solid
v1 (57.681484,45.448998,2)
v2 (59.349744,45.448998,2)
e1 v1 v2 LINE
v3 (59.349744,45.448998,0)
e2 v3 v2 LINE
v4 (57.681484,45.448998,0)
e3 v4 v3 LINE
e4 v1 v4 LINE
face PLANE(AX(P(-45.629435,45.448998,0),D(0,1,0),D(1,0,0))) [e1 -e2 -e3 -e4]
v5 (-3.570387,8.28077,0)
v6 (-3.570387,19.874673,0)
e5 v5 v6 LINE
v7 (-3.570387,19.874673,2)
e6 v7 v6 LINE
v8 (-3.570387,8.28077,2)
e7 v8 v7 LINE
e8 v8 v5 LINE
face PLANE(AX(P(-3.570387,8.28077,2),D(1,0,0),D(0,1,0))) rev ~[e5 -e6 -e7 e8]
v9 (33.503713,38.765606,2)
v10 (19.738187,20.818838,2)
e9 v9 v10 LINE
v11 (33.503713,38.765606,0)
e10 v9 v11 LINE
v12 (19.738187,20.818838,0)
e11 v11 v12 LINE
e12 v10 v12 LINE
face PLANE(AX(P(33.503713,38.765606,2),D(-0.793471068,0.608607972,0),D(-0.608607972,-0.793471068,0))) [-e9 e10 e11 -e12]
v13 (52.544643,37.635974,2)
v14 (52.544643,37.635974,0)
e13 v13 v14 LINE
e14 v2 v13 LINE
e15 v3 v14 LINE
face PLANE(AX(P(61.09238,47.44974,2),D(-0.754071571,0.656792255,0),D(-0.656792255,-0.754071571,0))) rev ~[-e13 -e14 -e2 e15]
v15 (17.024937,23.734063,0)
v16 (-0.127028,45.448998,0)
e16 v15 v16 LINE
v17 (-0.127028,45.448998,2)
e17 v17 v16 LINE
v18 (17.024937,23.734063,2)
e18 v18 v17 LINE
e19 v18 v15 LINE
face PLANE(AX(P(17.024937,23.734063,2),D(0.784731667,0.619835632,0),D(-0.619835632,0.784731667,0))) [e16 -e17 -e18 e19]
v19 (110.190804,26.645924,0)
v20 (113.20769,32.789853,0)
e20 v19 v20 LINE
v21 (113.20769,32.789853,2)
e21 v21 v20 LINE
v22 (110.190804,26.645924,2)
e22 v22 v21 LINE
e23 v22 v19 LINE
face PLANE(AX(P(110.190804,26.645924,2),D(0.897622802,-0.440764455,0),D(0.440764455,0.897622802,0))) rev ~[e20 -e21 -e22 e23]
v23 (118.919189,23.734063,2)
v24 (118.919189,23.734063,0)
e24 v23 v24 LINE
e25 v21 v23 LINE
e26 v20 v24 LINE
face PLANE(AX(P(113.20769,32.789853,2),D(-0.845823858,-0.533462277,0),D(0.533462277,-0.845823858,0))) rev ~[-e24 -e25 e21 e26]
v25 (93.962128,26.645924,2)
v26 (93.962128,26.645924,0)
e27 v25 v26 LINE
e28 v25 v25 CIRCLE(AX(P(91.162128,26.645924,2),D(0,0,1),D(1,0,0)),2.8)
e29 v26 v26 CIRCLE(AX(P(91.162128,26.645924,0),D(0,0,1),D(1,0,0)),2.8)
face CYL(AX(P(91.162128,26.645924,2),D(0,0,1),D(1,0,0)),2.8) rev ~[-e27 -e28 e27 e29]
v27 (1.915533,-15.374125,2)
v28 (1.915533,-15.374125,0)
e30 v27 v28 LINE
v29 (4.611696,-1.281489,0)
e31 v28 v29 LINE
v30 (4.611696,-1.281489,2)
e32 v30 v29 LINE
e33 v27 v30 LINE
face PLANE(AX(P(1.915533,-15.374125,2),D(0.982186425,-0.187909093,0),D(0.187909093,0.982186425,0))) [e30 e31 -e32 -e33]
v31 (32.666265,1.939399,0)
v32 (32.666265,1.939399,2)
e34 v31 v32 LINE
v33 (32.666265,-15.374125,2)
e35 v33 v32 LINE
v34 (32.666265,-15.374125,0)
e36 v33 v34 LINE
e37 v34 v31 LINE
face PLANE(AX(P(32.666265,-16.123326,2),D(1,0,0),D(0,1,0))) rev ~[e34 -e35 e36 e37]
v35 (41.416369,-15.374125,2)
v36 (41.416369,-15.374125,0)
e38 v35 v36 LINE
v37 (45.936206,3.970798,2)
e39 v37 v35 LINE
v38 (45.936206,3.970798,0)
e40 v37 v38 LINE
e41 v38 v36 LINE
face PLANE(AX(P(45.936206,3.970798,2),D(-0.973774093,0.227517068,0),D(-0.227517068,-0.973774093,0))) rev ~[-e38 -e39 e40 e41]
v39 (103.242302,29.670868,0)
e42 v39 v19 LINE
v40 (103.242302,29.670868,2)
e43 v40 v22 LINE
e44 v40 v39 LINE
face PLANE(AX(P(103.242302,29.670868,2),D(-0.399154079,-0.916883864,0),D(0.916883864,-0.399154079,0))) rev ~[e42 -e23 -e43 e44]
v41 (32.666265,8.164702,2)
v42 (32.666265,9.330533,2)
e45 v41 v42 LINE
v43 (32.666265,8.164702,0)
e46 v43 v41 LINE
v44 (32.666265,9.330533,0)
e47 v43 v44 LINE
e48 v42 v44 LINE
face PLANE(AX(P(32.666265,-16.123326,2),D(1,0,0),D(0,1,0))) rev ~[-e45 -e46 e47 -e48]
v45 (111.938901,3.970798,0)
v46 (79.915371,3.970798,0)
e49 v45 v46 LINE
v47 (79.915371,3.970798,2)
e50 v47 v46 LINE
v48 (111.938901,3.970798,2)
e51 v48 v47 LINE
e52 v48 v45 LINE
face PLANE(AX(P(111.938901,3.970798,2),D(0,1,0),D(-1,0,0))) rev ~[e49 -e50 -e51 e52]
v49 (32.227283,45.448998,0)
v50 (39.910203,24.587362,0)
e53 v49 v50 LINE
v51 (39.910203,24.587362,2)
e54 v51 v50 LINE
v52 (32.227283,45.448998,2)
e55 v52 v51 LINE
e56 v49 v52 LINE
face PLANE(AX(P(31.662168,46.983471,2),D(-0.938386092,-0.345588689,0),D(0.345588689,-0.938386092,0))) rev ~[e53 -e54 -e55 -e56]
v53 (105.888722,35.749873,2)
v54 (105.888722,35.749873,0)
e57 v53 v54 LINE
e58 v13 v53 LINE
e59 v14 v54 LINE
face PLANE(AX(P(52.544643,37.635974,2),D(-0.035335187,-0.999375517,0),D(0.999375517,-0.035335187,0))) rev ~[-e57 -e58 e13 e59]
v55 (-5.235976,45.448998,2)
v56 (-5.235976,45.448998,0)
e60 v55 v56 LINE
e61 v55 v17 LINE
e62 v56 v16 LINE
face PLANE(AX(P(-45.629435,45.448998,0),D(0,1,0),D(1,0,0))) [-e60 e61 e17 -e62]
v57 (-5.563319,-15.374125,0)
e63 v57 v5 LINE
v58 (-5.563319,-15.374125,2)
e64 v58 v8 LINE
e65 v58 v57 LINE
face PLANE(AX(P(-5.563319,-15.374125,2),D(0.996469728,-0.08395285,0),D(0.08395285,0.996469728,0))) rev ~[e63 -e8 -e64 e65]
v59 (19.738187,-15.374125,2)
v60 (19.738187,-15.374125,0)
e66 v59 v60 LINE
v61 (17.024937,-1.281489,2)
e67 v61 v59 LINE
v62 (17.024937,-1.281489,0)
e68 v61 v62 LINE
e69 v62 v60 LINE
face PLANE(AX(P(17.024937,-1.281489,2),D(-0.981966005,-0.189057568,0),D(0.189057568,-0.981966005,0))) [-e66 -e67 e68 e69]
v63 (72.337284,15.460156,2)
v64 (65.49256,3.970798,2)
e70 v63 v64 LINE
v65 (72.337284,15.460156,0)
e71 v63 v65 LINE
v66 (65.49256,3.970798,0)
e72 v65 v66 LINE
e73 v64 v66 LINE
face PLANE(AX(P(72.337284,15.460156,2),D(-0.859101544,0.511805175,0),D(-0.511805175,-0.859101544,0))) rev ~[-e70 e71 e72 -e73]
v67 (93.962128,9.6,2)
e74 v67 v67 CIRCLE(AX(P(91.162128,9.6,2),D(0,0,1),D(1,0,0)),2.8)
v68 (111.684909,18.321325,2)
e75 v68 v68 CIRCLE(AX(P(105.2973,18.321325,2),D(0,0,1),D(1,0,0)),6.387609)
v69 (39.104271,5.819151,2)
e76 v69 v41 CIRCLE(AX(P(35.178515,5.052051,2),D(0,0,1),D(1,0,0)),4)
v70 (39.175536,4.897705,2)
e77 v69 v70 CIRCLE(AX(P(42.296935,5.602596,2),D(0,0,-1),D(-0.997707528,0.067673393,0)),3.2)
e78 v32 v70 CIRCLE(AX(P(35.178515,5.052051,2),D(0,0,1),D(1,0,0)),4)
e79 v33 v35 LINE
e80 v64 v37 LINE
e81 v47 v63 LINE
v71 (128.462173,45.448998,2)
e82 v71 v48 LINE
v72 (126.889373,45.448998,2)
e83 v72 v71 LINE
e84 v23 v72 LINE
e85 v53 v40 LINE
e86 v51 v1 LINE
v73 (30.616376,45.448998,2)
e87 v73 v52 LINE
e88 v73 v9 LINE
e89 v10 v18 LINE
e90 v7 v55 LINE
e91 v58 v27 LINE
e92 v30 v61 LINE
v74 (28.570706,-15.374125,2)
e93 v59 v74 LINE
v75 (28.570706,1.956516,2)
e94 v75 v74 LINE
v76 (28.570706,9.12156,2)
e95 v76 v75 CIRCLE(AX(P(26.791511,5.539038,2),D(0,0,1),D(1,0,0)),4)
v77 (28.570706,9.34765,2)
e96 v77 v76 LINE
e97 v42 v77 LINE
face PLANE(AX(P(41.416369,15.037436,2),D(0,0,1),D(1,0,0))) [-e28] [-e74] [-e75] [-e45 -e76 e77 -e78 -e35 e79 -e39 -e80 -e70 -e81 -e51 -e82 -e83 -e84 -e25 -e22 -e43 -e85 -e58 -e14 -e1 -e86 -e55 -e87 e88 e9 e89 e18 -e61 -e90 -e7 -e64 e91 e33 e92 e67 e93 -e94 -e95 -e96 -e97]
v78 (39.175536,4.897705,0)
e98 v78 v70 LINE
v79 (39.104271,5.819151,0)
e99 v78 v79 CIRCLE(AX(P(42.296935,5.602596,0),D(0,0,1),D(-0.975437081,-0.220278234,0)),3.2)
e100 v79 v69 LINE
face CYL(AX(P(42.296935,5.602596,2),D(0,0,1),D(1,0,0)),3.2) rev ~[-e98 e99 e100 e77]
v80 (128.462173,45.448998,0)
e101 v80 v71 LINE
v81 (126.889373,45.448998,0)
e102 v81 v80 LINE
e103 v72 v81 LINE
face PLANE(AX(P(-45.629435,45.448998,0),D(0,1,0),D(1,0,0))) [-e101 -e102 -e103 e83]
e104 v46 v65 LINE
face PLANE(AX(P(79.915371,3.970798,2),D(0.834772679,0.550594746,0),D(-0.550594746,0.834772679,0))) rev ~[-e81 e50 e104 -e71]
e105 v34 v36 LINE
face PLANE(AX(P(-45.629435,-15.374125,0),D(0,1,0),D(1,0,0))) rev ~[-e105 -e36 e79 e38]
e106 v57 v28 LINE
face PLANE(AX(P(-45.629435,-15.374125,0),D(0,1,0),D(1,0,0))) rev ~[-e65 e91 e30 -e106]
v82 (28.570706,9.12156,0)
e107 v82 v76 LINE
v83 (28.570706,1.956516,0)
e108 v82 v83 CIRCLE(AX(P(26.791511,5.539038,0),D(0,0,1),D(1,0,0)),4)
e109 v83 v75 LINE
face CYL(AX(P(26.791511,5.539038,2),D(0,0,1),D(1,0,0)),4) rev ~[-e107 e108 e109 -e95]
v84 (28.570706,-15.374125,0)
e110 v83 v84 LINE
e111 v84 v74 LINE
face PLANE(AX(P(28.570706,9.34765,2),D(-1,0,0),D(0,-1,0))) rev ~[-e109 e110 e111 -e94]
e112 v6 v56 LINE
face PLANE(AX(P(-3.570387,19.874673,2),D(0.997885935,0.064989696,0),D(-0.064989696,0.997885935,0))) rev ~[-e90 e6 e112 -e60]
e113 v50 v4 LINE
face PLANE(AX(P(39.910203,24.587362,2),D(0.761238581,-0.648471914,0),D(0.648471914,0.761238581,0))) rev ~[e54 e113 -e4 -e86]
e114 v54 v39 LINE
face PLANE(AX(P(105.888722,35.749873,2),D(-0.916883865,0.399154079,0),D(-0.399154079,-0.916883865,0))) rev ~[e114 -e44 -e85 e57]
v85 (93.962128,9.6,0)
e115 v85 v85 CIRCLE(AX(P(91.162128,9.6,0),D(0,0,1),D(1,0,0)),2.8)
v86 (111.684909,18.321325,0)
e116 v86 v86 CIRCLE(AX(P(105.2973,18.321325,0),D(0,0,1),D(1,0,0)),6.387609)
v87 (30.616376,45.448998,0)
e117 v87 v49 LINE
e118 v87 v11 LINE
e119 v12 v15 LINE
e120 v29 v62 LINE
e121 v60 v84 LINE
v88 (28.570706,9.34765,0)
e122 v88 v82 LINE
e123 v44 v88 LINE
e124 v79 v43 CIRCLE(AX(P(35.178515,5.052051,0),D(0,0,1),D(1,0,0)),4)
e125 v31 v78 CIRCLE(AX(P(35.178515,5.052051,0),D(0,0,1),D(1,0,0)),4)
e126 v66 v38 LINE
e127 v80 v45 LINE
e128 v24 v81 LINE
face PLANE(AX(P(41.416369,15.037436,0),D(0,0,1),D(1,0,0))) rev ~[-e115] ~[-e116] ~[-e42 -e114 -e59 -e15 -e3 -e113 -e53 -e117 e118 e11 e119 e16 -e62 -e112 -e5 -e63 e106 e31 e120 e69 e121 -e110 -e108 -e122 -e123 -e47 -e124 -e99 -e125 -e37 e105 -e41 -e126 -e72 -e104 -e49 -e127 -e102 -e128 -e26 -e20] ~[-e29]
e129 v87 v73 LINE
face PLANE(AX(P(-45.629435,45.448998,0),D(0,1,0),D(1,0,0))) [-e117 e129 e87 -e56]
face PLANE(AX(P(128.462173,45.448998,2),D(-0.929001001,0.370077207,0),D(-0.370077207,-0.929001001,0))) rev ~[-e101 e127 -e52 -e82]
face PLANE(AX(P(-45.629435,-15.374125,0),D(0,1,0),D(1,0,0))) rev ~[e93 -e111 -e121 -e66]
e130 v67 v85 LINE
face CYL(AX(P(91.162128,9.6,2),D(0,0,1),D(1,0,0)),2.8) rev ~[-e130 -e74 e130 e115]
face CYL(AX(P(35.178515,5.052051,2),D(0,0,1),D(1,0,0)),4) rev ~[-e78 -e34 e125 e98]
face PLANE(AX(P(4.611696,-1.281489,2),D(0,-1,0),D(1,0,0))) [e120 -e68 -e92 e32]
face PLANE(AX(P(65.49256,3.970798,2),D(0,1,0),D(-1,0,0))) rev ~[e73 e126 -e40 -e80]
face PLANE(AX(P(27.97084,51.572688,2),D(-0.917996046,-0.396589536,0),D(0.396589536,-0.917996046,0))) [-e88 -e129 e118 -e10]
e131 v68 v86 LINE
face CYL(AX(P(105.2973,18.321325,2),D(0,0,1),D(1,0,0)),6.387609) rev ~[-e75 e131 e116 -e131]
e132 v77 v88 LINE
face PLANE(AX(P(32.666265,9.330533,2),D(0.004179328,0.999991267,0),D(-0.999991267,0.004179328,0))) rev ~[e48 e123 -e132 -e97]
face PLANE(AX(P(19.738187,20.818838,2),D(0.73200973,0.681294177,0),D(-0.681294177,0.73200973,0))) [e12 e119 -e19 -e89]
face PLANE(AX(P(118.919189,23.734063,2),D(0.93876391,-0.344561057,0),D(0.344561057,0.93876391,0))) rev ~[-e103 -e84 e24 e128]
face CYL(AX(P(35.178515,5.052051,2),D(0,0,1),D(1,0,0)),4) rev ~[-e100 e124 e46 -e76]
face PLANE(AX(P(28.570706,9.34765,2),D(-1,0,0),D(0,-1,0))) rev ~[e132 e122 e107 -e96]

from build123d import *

# Parameters (mm, degrees)
SKETCH_1_W          = 174.091607372
SKETCH_1_H          = 60.823122747
EXTRUDE_1_DEPTH     = 2
SKETCH_2_R          = 6.75
SKETCH_2_R_2        = 4
SKETCH_2_R_3        = 6.387609309
CUT_EXTRUDE_2_DEPTH = 3
SKETCH_5_R          = 2.8
SKETCH_5_R_2        = 3.2
CUT_EXTRUDE_6_DEPTH = 3


with BuildPart() as part:
    # Эскиз1 → Бобышка-Вытянуть1 (new body)
    with BuildSketch(Plane.XY):
        with Locations((41.416369032, 15.037436288)):
            Rectangle(SKETCH_1_W, SKETCH_1_H)
    extrude(amount=EXTRUDE_1_DEPTH)

    # Эскиз2 → Вырез-Вытянуть2 (cut, through all)
    with BuildSketch(Plane.XY.offset(2)):
        with Locations((-19.785334363, 17.425924278)):
            Circle(SKETCH_2_R)
        with Locations((26.791510955, 5.539037957)):
            Circle(SKETCH_2_R_2)
        with Locations((35.178515275, 5.052050609)):
            Circle(SKETCH_2_R_2)
        with Locations((105.297300125, 18.321325083)):
            Circle(SKETCH_2_R_3)
    extrude(amount=-CUT_EXTRUDE_2_DEPTH, mode=Mode.SUBTRACT)

    # Эскиз5 → Вырез-Вытянуть6 (cut, through all)
    with BuildSketch(Plane.XY.offset(2)):
        with Locations((91.162128274, 26.645923824)):
            Circle(SKETCH_5_R)
        with Locations((91.162128274, 9.6)):
            Circle(SKETCH_5_R)
        with Locations((42.296935023, 5.602595819)):
            Circle(SKETCH_5_R_2)
        Polygon((28.570706192, 9.34764981), (28.570706192, -16.12332621), (32.666265218, -16.12332621), (32.666265218, 9.330532976), align=None)
        Polygon((33.503712587, 38.765606149), (19.738187242, 20.818838125), (17.024936958, 23.734062815), (-4.96394501, 51.572688279), (27.970840429, 51.572688279), align=None)
        Polygon((31.662167761, 46.983470514), (39.910203219, 24.587362026), (58.988646835, 46.983470514), align=None)
        Polygon((4.611696012, -1.281488831), (17.024936958, -1.281488831), (19.738187242, -15.374125086), (1.915533217, -15.374125086), align=None)
        Polygon((-5.563318521, -15.374125086), (-3.57038705, 8.280770389), (-3.57038705, 19.874672628), (-5.563318521, 50.475189584), (-48.013678964, 50.475189584), (-48.013678964, -15.374125086), align=None)
        Polygon((72.33728383, 15.460155755), (65.492559947, 3.970797808), (45.936205994, 3.970797808), (41.416369032, -15.374125086), (128.462172718, -15.374125086), (128.462172718, 45.448997661), (111.938900584, 3.970797808), (79.915370987, 3.970797808), align=None)
        Polygon((61.092380308, 47.449740359), (52.544642812, 37.635973837), (105.888722073, 35.749872981), (103.242302386, 29.670868316), (110.190804078, 26.645923824), (113.207690043, 32.789853089), (118.919189497, 23.734062815), (126.889373288, 45.448997661), align=None)
    extrude(amount=-CUT_EXTRUDE_6_DEPTH, mode=Mode.SUBTRACT)


solid = part.part
